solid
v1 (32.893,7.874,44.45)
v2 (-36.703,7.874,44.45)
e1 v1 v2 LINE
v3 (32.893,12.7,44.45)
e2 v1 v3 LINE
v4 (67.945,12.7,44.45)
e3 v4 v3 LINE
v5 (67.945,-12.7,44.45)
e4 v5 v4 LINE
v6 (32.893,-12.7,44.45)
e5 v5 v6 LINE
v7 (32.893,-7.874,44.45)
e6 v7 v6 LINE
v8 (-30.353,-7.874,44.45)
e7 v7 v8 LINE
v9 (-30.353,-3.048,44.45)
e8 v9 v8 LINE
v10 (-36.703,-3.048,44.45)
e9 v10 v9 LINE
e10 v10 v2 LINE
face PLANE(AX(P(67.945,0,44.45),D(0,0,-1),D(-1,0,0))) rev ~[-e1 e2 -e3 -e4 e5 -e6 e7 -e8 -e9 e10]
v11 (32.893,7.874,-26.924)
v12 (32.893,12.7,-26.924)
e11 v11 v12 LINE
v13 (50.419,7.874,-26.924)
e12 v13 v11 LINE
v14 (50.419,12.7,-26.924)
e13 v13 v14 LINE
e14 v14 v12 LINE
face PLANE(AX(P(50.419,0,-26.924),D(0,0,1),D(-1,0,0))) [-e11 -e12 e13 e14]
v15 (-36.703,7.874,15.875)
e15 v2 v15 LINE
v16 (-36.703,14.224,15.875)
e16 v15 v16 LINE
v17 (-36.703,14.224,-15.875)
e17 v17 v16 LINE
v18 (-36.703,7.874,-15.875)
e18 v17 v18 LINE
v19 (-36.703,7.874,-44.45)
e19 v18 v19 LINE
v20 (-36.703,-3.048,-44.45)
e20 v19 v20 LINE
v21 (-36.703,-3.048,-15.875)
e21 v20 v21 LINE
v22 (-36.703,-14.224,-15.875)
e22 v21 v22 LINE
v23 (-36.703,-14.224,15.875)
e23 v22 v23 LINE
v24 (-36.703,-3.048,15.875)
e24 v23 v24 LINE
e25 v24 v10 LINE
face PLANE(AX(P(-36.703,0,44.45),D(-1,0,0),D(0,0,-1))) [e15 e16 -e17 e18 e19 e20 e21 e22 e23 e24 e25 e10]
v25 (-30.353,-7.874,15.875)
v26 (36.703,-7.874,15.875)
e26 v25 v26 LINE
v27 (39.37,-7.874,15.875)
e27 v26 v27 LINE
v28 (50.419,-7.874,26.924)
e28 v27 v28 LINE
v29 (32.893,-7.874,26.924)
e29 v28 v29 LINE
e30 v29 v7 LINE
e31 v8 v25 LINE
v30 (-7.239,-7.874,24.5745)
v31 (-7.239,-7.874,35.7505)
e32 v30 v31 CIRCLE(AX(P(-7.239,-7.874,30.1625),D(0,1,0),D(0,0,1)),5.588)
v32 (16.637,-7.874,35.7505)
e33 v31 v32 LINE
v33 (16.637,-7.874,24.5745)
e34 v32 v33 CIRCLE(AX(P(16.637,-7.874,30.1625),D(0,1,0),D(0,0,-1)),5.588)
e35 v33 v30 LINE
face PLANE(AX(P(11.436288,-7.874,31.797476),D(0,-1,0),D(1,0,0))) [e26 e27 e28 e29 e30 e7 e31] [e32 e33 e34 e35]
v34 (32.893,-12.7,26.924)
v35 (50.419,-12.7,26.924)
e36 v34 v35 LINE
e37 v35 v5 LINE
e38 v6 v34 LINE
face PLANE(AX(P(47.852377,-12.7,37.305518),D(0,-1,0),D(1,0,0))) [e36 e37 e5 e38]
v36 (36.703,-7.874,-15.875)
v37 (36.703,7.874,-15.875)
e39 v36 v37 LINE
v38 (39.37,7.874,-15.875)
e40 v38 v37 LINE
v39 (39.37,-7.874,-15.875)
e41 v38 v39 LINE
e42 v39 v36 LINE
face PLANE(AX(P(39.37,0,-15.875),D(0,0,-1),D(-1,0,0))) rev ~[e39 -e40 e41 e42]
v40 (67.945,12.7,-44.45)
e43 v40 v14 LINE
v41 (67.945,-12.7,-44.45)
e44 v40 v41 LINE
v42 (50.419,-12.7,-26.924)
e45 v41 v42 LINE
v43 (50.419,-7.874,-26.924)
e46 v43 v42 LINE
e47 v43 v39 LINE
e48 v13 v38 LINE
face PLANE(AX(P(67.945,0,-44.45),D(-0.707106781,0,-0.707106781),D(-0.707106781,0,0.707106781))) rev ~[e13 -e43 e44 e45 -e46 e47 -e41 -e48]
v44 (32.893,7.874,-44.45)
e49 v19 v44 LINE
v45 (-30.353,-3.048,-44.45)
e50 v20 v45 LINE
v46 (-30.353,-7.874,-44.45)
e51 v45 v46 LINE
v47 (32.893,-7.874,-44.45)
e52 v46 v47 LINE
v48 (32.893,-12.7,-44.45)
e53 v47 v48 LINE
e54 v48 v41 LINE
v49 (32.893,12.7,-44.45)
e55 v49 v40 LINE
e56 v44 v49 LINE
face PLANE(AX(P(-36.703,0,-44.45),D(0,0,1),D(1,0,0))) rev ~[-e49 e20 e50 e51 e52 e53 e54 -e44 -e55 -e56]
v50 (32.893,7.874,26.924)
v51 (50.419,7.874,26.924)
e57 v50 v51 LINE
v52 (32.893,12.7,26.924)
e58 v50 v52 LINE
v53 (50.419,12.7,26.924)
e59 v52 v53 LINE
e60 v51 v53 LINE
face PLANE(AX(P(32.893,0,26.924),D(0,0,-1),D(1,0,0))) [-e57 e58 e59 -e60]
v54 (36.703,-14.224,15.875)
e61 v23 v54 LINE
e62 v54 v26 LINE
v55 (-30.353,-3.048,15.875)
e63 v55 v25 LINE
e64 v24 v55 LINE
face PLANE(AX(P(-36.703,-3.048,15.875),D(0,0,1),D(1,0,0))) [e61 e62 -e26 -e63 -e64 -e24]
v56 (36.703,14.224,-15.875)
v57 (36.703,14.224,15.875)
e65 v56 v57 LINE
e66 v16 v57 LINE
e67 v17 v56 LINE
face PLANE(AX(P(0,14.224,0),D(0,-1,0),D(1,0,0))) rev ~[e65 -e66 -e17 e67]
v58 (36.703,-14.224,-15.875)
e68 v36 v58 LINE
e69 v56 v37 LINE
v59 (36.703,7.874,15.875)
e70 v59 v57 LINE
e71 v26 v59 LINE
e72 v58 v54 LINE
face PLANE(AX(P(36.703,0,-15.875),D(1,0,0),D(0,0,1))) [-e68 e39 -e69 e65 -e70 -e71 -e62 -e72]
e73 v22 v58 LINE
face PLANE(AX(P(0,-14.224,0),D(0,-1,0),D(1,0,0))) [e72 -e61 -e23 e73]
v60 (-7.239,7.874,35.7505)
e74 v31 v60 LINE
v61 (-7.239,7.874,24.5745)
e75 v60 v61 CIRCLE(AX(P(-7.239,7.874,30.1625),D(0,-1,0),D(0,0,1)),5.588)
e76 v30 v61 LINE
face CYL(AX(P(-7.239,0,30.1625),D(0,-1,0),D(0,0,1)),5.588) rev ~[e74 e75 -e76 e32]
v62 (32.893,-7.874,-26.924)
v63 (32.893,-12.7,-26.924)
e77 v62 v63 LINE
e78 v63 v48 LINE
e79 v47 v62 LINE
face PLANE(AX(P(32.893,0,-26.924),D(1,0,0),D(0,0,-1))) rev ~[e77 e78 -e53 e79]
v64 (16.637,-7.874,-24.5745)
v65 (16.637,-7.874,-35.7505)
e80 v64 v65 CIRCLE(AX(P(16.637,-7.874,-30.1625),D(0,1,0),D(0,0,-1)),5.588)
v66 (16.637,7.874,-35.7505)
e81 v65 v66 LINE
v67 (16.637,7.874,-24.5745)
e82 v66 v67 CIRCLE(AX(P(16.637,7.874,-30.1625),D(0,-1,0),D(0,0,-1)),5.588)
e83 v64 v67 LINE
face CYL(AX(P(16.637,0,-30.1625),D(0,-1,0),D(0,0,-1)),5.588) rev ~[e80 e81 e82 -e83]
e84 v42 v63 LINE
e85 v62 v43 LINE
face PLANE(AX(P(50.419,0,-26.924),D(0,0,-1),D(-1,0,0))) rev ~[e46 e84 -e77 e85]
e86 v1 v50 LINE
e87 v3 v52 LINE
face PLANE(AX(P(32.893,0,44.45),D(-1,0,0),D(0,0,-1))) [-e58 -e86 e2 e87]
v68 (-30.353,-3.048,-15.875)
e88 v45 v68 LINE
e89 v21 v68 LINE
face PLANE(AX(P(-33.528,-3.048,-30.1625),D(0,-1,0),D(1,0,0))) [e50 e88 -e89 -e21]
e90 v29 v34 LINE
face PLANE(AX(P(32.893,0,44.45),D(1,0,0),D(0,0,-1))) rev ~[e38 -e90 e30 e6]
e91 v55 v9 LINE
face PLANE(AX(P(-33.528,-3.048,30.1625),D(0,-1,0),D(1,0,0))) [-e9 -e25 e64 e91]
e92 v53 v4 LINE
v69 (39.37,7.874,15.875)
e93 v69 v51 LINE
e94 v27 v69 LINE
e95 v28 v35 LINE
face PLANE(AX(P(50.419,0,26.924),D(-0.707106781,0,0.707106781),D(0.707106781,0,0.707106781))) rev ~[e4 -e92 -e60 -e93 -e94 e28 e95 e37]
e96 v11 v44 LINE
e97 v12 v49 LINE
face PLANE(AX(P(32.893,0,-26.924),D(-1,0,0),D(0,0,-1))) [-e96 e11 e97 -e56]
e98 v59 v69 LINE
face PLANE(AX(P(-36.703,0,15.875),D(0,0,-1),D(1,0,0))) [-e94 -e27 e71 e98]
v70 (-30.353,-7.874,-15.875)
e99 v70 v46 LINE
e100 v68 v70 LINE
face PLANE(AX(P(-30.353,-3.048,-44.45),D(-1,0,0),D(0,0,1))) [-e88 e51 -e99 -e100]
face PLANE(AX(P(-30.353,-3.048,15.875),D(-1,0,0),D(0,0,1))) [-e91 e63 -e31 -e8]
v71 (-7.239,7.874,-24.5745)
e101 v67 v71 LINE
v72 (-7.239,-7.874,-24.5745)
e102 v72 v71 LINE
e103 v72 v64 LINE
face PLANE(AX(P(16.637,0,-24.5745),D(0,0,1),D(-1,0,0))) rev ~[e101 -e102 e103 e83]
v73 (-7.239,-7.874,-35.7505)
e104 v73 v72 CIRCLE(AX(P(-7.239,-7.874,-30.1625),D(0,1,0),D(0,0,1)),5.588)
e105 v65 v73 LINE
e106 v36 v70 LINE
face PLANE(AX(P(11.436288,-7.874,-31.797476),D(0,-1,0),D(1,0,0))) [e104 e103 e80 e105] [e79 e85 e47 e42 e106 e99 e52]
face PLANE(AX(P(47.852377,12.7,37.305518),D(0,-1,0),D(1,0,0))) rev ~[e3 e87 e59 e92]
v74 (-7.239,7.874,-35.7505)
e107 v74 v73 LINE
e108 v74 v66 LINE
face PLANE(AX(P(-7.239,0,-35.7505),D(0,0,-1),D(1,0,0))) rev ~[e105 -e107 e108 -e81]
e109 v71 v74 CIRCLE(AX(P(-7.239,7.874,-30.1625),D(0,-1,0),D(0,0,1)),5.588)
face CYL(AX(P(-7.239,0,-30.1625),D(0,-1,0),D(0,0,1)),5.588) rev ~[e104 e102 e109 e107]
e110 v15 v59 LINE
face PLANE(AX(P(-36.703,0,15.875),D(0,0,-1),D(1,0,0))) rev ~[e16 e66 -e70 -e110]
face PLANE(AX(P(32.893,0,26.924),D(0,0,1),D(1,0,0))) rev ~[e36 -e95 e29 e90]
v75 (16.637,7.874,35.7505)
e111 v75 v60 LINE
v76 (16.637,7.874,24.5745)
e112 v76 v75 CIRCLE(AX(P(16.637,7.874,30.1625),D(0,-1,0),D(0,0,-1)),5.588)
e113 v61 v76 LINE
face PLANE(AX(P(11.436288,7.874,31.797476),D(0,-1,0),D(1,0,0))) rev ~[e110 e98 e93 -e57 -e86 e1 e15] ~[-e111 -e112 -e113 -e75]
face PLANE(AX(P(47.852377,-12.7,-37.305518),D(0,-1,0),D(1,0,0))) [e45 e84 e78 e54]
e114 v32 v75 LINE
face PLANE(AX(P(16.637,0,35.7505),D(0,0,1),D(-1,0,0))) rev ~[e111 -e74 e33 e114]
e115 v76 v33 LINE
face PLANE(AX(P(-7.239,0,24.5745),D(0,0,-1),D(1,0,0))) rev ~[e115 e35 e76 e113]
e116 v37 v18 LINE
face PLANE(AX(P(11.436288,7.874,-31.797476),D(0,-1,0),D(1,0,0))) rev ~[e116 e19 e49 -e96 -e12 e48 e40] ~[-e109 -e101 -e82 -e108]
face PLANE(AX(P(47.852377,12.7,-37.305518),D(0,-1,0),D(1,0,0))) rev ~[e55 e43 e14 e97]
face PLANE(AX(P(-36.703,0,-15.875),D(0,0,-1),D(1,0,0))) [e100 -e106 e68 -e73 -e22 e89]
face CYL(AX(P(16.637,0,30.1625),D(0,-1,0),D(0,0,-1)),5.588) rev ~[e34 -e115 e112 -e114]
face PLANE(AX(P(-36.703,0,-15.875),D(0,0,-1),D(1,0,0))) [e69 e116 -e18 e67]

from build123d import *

# Parameters (mm, degrees)
F0_W          = 73.406
F0_H          = 31.75
F6_DEPTH      = 14.224
F6_DEPTH_BACK = 14.224
F7_DEPTH      = 7.874
F7_DEPTH_BACK = 7.874
F8_DEPTH      = 12.7
F8_DEPTH_BACK = 12.7
F9_DEPTH      = 12.7
F9_DEPTH_BACK = 12.7
F5_W          = 6.35
F5_H          = 28.575
F10_DEPTH     = 9.652


with BuildPart() as f6:
    # F0 (on Front) → F6 (new body, two sides)
    with BuildSketch(Plane.XZ) as f6_sk:
        Rectangle(F0_W, F0_H)
    extrude(amount=F6_DEPTH)
    extrude(f6_sk.sketch, amount=-F6_DEPTH_BACK)

    # F0 (on Front) → F7 (join, two sides)
    with BuildSketch(Plane.XZ) as f7_sk:
        Polygon((-36.703, 44.45), (-36.703, 15.875), (36.703, 15.875), (39.37, 15.875), (67.945, 44.45), align=None)
        Polygon((36.703, -15.875), (-36.703, -15.875), (-36.703, -44.45), (67.945, -44.45), (39.37, -15.875), align=None)
    extrude(amount=F7_DEPTH)
    extrude(f7_sk.sketch, amount=-F7_DEPTH_BACK)

    # F1 (on Front) → F8 (cut, two sides)
    with BuildSketch(Plane.XZ) as f8_sk:
        with BuildLine():
            ThreePointArc((16.637, 24.5745), (22.225, 30.1625), (16.637, 35.7505))
            Line((16.637, 35.7505), (-7.239, 35.7505))
            ThreePointArc((-7.239, 35.7505), (-12.827, 30.1625), (-7.239, 24.5745))
            Line((-7.239, 24.5745), (16.637, 24.5745))
        make_face()
        with BuildLine():
            Line((-7.239, -35.7505), (16.637, -35.7505))
            ThreePointArc((16.637, -35.7505), (22.225, -30.1625), (16.637, -24.5745))
            Line((16.637, -24.5745), (-7.239, -24.5745))
            ThreePointArc((-7.239, -24.5745), (-12.827, -30.1625), (-7.239, -35.7505))
        make_face()
    extrude(amount=-F8_DEPTH, mode=Mode.SUBTRACT)
    extrude(f8_sk.sketch, amount=F8_DEPTH_BACK, mode=Mode.SUBTRACT)

    # F2 (on Front) → F9 (join, two sides)
    with BuildSketch(Plane.XZ) as f9_sk:
        Polygon((67.945, 44.45), (32.893, 44.45), (32.893, 26.924), (50.419, 26.924), align=None)
        Polygon((32.893, -44.45), (67.945, -44.45), (50.419, -26.924), (32.893, -26.924), align=None)
    extrude(amount=F9_DEPTH)
    extrude(f9_sk.sketch, amount=-F9_DEPTH_BACK)

    # F5 (on line) → F10 (cut, through all)
    with BuildSketch(Plane.XZ.offset(3.048)):
        with Locations((-33.528, 30.1625)):
            Rectangle(F5_W, F5_H)
        with Locations((-33.528, -30.1625)):
            Rectangle(F5_W, F5_H)
    extrude(amount=F10_DEPTH, mode=Mode.SUBTRACT)


solid = f6.part
